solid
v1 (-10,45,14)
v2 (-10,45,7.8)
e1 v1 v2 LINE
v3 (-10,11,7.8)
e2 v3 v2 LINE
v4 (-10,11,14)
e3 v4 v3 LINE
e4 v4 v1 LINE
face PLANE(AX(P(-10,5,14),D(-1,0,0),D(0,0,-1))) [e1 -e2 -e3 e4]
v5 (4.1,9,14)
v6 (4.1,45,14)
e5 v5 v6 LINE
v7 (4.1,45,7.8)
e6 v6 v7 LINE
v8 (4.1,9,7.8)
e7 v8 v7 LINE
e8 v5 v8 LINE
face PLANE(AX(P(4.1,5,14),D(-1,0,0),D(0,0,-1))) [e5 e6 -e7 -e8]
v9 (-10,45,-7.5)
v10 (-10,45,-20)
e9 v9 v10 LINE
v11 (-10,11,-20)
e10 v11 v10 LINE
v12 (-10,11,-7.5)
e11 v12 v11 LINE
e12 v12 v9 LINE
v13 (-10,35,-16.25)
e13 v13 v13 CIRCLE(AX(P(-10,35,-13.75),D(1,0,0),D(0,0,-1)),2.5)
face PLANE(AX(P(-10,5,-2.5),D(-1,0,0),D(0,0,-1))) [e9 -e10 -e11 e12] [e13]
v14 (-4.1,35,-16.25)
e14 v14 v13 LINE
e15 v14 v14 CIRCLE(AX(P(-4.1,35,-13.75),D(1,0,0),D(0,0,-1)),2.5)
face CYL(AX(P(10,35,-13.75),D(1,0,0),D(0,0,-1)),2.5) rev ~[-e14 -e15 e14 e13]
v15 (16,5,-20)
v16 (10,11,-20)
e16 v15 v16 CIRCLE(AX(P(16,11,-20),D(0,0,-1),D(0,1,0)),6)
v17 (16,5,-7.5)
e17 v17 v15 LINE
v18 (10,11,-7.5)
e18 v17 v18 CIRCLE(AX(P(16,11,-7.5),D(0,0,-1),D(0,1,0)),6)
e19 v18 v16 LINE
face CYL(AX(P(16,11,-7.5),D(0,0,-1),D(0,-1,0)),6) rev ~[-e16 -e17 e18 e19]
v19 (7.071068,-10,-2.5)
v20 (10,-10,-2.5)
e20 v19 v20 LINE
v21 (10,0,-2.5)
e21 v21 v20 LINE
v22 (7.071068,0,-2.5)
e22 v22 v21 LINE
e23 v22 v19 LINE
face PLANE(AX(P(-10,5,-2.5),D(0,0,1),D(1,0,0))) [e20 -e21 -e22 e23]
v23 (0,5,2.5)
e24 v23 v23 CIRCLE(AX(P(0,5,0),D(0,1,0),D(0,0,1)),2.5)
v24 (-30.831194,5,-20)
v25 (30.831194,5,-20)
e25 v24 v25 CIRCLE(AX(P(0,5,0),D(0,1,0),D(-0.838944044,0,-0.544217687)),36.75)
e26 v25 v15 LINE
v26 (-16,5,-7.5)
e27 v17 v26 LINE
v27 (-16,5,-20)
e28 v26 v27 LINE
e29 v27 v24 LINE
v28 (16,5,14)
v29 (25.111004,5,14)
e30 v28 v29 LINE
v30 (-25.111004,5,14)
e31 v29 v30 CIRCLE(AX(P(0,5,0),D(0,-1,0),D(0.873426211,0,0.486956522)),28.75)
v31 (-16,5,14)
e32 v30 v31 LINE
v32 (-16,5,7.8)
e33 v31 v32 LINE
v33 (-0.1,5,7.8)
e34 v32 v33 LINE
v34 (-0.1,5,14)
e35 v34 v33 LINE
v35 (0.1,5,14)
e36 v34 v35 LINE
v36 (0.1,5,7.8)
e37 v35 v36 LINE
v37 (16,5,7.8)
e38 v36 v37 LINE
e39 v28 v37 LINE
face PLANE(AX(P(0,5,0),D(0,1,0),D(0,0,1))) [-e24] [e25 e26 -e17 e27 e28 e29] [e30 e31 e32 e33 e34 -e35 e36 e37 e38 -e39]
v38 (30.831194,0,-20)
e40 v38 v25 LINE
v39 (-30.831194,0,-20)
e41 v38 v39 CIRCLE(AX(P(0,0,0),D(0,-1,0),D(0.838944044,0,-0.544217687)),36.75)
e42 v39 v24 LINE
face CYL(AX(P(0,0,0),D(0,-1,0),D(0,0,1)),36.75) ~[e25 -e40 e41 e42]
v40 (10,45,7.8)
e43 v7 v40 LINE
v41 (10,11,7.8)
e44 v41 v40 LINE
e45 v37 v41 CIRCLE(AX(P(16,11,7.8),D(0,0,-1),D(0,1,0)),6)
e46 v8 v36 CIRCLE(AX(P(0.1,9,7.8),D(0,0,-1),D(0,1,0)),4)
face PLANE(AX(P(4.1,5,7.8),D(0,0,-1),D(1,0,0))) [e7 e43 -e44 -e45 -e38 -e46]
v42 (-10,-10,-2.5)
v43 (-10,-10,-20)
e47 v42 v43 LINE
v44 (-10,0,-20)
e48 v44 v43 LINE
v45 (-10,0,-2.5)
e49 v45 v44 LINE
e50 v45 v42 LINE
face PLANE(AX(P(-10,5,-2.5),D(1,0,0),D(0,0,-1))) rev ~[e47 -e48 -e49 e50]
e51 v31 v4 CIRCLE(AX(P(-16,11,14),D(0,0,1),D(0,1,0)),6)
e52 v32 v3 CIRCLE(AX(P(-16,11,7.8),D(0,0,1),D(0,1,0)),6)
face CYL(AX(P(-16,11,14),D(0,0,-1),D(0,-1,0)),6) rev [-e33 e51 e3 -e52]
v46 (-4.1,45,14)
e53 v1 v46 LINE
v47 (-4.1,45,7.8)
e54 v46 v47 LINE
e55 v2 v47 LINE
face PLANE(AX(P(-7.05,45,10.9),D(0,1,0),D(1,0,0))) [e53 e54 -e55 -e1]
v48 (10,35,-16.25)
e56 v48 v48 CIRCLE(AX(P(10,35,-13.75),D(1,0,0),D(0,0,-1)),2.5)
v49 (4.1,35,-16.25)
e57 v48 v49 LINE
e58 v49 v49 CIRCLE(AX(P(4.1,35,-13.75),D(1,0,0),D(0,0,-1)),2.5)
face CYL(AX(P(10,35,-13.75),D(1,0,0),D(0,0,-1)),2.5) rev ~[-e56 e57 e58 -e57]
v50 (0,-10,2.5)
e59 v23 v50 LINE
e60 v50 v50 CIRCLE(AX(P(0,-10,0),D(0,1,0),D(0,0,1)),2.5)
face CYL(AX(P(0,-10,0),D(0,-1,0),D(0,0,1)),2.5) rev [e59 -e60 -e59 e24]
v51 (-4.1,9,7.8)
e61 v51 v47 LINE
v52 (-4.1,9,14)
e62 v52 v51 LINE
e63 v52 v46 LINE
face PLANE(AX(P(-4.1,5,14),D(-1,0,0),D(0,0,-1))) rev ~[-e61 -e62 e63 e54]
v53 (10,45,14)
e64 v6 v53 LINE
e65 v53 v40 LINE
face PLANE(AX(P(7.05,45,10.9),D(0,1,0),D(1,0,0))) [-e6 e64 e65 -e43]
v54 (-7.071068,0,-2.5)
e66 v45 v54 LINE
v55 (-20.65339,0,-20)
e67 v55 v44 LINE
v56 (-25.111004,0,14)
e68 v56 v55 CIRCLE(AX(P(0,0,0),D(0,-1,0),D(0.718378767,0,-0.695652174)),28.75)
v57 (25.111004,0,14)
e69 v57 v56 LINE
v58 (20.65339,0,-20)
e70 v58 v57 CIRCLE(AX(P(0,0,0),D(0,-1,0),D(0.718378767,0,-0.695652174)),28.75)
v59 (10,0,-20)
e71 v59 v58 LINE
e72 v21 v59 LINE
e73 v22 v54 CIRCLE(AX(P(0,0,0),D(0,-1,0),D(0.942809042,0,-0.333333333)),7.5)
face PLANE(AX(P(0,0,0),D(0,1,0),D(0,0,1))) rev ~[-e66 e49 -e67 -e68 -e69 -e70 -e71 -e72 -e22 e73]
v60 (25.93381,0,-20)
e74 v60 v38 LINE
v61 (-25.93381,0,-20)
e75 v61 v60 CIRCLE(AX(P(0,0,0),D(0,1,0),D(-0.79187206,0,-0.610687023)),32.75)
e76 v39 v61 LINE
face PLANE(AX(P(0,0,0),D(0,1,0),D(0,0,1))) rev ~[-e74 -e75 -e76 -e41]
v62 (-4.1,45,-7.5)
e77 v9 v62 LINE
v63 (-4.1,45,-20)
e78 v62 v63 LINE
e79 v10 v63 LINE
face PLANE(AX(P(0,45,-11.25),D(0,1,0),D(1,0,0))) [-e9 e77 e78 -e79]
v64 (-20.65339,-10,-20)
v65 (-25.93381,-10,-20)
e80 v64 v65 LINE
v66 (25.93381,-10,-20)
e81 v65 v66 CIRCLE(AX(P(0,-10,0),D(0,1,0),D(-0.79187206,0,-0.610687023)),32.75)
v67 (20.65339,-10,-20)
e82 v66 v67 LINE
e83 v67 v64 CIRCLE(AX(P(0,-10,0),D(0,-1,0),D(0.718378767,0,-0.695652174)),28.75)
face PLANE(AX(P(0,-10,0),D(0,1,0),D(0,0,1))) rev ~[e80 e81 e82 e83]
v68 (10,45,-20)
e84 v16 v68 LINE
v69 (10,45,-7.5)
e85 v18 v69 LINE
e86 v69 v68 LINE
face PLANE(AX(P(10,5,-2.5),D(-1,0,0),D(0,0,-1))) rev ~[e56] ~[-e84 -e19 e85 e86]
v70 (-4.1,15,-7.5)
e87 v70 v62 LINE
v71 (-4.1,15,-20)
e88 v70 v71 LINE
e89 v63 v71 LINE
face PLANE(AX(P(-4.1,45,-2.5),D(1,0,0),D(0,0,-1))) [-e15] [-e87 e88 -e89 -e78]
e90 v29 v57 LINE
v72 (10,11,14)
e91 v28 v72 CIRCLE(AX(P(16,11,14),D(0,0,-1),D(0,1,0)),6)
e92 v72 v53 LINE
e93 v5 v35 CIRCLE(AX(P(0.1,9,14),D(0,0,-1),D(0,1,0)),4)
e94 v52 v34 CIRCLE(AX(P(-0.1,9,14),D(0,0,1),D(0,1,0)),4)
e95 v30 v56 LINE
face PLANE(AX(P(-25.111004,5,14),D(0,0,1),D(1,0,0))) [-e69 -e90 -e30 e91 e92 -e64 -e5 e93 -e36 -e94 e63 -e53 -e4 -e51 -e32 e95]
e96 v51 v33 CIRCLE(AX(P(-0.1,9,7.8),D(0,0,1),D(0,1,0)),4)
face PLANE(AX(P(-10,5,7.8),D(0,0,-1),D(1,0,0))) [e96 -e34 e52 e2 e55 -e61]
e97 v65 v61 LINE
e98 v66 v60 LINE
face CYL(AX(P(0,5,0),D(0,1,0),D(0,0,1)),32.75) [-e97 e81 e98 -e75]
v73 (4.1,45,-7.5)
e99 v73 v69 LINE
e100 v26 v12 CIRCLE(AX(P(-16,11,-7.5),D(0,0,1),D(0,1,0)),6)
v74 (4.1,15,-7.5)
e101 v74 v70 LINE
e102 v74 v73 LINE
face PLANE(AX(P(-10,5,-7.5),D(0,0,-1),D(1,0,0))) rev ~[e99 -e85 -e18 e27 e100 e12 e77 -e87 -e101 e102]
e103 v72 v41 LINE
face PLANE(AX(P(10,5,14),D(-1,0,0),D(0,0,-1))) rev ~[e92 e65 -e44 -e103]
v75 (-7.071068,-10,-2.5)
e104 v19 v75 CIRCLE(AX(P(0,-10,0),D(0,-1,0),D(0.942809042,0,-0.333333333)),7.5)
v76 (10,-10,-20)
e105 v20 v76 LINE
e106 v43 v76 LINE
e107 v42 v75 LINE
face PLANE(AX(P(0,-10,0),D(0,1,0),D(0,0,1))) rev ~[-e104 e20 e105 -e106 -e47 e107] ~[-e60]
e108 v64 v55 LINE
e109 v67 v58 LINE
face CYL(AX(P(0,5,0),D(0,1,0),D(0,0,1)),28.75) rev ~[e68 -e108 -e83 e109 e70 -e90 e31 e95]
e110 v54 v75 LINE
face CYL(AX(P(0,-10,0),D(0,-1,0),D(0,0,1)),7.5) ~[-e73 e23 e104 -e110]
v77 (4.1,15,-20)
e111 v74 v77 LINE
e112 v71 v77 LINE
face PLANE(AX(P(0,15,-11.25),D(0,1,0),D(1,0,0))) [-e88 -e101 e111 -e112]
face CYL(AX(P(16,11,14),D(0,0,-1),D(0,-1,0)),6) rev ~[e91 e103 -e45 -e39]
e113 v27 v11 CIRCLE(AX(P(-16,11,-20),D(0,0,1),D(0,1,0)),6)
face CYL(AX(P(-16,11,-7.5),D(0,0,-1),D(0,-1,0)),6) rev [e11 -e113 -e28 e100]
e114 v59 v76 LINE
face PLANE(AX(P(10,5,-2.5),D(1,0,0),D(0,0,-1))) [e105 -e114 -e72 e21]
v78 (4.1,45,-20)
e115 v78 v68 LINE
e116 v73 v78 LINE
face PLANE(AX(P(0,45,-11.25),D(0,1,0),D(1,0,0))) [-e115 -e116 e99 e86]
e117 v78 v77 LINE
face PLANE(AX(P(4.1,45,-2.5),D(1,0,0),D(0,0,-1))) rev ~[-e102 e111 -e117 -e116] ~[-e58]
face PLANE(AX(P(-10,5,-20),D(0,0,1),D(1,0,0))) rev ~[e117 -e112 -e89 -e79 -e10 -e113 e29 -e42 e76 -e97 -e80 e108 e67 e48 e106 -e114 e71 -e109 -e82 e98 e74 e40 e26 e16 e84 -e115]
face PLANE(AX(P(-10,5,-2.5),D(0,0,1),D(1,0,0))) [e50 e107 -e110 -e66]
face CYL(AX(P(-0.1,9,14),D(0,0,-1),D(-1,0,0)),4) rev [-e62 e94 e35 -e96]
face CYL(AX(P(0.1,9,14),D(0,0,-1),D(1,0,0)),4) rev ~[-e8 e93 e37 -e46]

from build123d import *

# Parameters (mm, degrees)
CYLINDER_DEPTH                  = 5
CYLINDER_DEPTH_BACK             = 10
SKETCH_1_R                      = 7.5
SKETCH_1_R_2                    = 2.5
SKETCH_2_R                      = 36.75
SKETCH_2_R_2                    = 2.5
BASE_HORIZONT_DEPTH             = 5
SKETCH_3_R                      = 32.75
SKETCH_3_R_2                    = 28.75
EDGE_2_DEPTH                    = 15
SKETCH_4_W                      = 20
SKETCH_4_H                      = 17.5
RECTANGLE_DEPTH                 = 40
RECTANGLE_DIRECTION_2_REACH     = 56.094
SKETCH_6_W                      = 8.2
SKETCH_6_H                      = 17.5
CUT_EXTRUDE_5_DEPTH             = 30
CUT_EXTRUDE_6_REACH             = 76.573
SKETCH_7_R                      = 2.5
CUT_EXTRUDE_7_REACH             = 70.747
SKETCH_8_W                      = 61.662387238
SKETCH_8_H                      = 16.75
CUT_EXTRUDE_7_DIRECTION_2_REACH = 70.747
CUT_EXTRUDE_START               = -40
SKETCH_9_W                      = 20
SKETCH_9_H                      = 5
CUT_EXTRUDE_8_DEPTH             = 40
PIE_REACH                       = 67.583
SKETCH_11_W                     = 5.9
SKETCH_11_H                     = 6.2
EXTRUDE_9_DEPTH                 = 40
FILLET_4_R                      = 6
FILLET_5_R                      = 4


with BuildPart() as part:
    # Эскиз1 → cylinder (new, two sides: drawn at the far end of the back side and taken through both)
    with BuildSketch(Plane(origin=(0, 0, 0), x_dir=(1, 0, 0), z_dir=(0, 1, 0)).offset(-CYLINDER_DEPTH_BACK)):
        with Locations(Location((0, 0, 0), (0, 0, 270))):
            Circle(SKETCH_1_R)
        with Locations(Location((0, 0, 0), (0, 0, 270))):
            Circle(SKETCH_1_R_2, mode=Mode.SUBTRACT)
    extrude(amount=CYLINDER_DEPTH + CYLINDER_DEPTH_BACK)

    # Эскиз2 → base horizont (add)
    with BuildSketch(Plane(origin=(0, 0, 0), x_dir=(1, 0, 0), z_dir=(0, 1, 0))):
        with Locations(Location((0, 0, 0), (0, 0, 270))):
            Circle(SKETCH_2_R)
        with Locations(Location((0, 0, 0), (0, 0, 270))):
            Circle(SKETCH_2_R_2, mode=Mode.SUBTRACT)
    extrude(amount=BASE_HORIZONT_DEPTH)

    # Эскиз3 → edge 2 (add)
    with BuildSketch(Plane(origin=(0, 5, 0), x_dir=(1, 0, 0), z_dir=(0, 1, 0))):
        with Locations(Location((0, 0, 0), (0, 0, 270))):
            Circle(SKETCH_3_R)
        with Locations(Location((0, 0, 0), (0, 0, 270))):
            Circle(SKETCH_3_R_2, mode=Mode.SUBTRACT)
    extrude(amount=-EDGE_2_DEPTH)

    # Эскиз4 → rectangle (add)
    with BuildSketch(Plane(origin=(0, 5, 0), x_dir=(1, 0, 0), z_dir=(0, 1, 0))):
        with Locations((0, 11.25)):
            Rectangle(SKETCH_4_W, SKETCH_4_H)
    extrude(amount=RECTANGLE_DEPTH)

    # rectangle direction 2: up to this face of the body (flat: up to its plane)
    rectangle_direction_2_end = Plane(part.part.faces().sort_by_distance((0, -10, -31.823690117))[0])
    # Эскиз4 → rectangle direction 2 (add, up to the picked face)
    with BuildSketch(Plane(origin=(0, 5, 0), x_dir=(1, 0, 0), z_dir=(0, 1, 0)), mode=Mode.PRIVATE) as rectangle_direction_2_sk1:
        with Locations((0, 11.25)):
            Rectangle(SKETCH_4_W, SKETCH_4_H)
    rectangle_direction_2_tool1 = split(extrude(rectangle_direction_2_sk1.sketch, amount=-RECTANGLE_DIRECTION_2_REACH, mode=Mode.PRIVATE), bisect_by=rectangle_direction_2_end, keep=Keep.BOTH, mode=Mode.PRIVATE)
    add(rectangle_direction_2_tool1.solids().sort_by(Axis((0, 5, -11.25), (0, -1, 0)))[0])

    # Эскиз6 → Вытянуть5 (cut)
    with BuildSketch(Plane(origin=(0, 45, 0), x_dir=(1, 0, 0), z_dir=(0, 1, 0))):
        with Locations((0, 11.25)):
            Rectangle(SKETCH_6_W, SKETCH_6_H)
    extrude(amount=-CUT_EXTRUDE_5_DEPTH, mode=Mode.SUBTRACT)

    # Вытянуть6: up to this face of the body (flat: up to its plane)
    cut_extrude_6_end = Plane(part.part.faces().sort_by_distance((-10, 25, -11.25))[0])
    # Эскиз7 → Вытянуть6 (cut, up to the picked face)
    with BuildSketch(Plane(origin=(10, 0, 0), x_dir=(0, 0, -1), z_dir=(1, 0, 0)), mode=Mode.PRIVATE) as cut_extrude_6_sk1:
        with Locations((13.75, 35)):
            Circle(SKETCH_7_R)
    cut_extrude_6_tool1 = split(extrude(cut_extrude_6_sk1.sketch, amount=-CUT_EXTRUDE_6_REACH, mode=Mode.PRIVATE), bisect_by=cut_extrude_6_end, keep=Keep.BOTH, mode=Mode.PRIVATE)
    add(cut_extrude_6_tool1.solids().sort_by(Axis((10, 35, -13.75), (-1, 0, 0)))[0], mode=Mode.SUBTRACT)

    # Эскиз8 → Вытянуть7 (cut, up to next)
    with BuildSketch(Plane(origin=(0, 0, 0), x_dir=(1, 0, 0), z_dir=(0, 1, 0)), mode=Mode.PRIVATE) as cut_extrude_7_sk1:
        with Locations((0, 28.375)):
            Rectangle(SKETCH_8_W, SKETCH_8_H)
    cut_extrude_7_tool1 = extrude(cut_extrude_7_sk1.sketch, amount=CUT_EXTRUDE_7_REACH, mode=Mode.PRIVATE) & part.part
    add(cut_extrude_7_tool1.solids().sort_by_distance((0, 0, -28.375))[0], mode=Mode.SUBTRACT)

    # Эскиз8 → Вытянуть7 direction 2 (cut, up to next)
    with BuildSketch(Plane(origin=(0, 0, 0), x_dir=(1, 0, 0), z_dir=(0, 1, 0)), mode=Mode.PRIVATE) as cut_extrude_7_direction_2_sk1:
        with Locations((0, 28.375)):
            Rectangle(SKETCH_8_W, SKETCH_8_H)
    cut_extrude_7_direction_2_tool1 = extrude(cut_extrude_7_direction_2_sk1.sketch, amount=-CUT_EXTRUDE_7_DIRECTION_2_REACH, mode=Mode.PRIVATE) & part.part
    add(cut_extrude_7_direction_2_tool1.solids().sort_by_distance((0, 0, -28.375))[0], mode=Mode.SUBTRACT)

    # Эскиз9 → Вытянуть8 (cut)
    with BuildSketch(Plane(origin=(0, 45, 0), x_dir=(1, 0, 0), z_dir=(0, 1, 0)).offset(CUT_EXTRUDE_START)):
        with Locations((0, 5)):
            Rectangle(SKETCH_9_W, SKETCH_9_H)
    extrude(amount=CUT_EXTRUDE_8_DEPTH, mode=Mode.SUBTRACT)

    # Эскиз10 → pie (cut, up to next)
    with BuildSketch(Plane(origin=(0, 5, 0), x_dir=(1, 0, 0), z_dir=(0, 1, 0)), mode=Mode.PRIVATE) as pie_sk1:
        with BuildLine():
            Line((-25.111003564, -14), (25.111003564, -14))
            ThreePointArc((25.111003564, -14), (0, -28.75), (-25.111003564, -14))
        make_face()
    pie_tool1 = extrude(pie_sk1.sketch, amount=-PIE_REACH, mode=Mode.PRIVATE) & part.part
    add(pie_tool1.solids().sort_by_distance((0, 5, 20.052651))[0], mode=Mode.SUBTRACT)

    # Эскиз11 → Вытянуть9 (add)
    with BuildSketch(Plane(origin=(0, 5, 0), x_dir=(1, 0, 0), z_dir=(0, 1, 0))):
        with Locations((-7.05, -10.9)):
            Rectangle(SKETCH_11_W, SKETCH_11_H)
        with Locations((7.05, -10.9)):
            Rectangle(SKETCH_11_W, SKETCH_11_H)
    extrude(amount=EXTRUDE_9_DEPTH)

    # Скругление4
    fillet_4_edges = [part.edges().sort_by_distance(p)[0] for p in [
        (10, 5, -13.75),
        (-10, 5, 10.9),
        (10, 5, 10.9),
        (-10, 5, -13.75),
    ]]
    fillet(fillet_4_edges, radius=FILLET_4_R)

    # Скругление5
    fillet_5_edges = [part.edges().sort_by_distance(p)[0] for p in [
        (-4.1, 5, 10.9),
        (4.1, 5, 10.9),
    ]]
    fillet(fillet_5_edges, radius=FILLET_5_R)


solid = part.part
